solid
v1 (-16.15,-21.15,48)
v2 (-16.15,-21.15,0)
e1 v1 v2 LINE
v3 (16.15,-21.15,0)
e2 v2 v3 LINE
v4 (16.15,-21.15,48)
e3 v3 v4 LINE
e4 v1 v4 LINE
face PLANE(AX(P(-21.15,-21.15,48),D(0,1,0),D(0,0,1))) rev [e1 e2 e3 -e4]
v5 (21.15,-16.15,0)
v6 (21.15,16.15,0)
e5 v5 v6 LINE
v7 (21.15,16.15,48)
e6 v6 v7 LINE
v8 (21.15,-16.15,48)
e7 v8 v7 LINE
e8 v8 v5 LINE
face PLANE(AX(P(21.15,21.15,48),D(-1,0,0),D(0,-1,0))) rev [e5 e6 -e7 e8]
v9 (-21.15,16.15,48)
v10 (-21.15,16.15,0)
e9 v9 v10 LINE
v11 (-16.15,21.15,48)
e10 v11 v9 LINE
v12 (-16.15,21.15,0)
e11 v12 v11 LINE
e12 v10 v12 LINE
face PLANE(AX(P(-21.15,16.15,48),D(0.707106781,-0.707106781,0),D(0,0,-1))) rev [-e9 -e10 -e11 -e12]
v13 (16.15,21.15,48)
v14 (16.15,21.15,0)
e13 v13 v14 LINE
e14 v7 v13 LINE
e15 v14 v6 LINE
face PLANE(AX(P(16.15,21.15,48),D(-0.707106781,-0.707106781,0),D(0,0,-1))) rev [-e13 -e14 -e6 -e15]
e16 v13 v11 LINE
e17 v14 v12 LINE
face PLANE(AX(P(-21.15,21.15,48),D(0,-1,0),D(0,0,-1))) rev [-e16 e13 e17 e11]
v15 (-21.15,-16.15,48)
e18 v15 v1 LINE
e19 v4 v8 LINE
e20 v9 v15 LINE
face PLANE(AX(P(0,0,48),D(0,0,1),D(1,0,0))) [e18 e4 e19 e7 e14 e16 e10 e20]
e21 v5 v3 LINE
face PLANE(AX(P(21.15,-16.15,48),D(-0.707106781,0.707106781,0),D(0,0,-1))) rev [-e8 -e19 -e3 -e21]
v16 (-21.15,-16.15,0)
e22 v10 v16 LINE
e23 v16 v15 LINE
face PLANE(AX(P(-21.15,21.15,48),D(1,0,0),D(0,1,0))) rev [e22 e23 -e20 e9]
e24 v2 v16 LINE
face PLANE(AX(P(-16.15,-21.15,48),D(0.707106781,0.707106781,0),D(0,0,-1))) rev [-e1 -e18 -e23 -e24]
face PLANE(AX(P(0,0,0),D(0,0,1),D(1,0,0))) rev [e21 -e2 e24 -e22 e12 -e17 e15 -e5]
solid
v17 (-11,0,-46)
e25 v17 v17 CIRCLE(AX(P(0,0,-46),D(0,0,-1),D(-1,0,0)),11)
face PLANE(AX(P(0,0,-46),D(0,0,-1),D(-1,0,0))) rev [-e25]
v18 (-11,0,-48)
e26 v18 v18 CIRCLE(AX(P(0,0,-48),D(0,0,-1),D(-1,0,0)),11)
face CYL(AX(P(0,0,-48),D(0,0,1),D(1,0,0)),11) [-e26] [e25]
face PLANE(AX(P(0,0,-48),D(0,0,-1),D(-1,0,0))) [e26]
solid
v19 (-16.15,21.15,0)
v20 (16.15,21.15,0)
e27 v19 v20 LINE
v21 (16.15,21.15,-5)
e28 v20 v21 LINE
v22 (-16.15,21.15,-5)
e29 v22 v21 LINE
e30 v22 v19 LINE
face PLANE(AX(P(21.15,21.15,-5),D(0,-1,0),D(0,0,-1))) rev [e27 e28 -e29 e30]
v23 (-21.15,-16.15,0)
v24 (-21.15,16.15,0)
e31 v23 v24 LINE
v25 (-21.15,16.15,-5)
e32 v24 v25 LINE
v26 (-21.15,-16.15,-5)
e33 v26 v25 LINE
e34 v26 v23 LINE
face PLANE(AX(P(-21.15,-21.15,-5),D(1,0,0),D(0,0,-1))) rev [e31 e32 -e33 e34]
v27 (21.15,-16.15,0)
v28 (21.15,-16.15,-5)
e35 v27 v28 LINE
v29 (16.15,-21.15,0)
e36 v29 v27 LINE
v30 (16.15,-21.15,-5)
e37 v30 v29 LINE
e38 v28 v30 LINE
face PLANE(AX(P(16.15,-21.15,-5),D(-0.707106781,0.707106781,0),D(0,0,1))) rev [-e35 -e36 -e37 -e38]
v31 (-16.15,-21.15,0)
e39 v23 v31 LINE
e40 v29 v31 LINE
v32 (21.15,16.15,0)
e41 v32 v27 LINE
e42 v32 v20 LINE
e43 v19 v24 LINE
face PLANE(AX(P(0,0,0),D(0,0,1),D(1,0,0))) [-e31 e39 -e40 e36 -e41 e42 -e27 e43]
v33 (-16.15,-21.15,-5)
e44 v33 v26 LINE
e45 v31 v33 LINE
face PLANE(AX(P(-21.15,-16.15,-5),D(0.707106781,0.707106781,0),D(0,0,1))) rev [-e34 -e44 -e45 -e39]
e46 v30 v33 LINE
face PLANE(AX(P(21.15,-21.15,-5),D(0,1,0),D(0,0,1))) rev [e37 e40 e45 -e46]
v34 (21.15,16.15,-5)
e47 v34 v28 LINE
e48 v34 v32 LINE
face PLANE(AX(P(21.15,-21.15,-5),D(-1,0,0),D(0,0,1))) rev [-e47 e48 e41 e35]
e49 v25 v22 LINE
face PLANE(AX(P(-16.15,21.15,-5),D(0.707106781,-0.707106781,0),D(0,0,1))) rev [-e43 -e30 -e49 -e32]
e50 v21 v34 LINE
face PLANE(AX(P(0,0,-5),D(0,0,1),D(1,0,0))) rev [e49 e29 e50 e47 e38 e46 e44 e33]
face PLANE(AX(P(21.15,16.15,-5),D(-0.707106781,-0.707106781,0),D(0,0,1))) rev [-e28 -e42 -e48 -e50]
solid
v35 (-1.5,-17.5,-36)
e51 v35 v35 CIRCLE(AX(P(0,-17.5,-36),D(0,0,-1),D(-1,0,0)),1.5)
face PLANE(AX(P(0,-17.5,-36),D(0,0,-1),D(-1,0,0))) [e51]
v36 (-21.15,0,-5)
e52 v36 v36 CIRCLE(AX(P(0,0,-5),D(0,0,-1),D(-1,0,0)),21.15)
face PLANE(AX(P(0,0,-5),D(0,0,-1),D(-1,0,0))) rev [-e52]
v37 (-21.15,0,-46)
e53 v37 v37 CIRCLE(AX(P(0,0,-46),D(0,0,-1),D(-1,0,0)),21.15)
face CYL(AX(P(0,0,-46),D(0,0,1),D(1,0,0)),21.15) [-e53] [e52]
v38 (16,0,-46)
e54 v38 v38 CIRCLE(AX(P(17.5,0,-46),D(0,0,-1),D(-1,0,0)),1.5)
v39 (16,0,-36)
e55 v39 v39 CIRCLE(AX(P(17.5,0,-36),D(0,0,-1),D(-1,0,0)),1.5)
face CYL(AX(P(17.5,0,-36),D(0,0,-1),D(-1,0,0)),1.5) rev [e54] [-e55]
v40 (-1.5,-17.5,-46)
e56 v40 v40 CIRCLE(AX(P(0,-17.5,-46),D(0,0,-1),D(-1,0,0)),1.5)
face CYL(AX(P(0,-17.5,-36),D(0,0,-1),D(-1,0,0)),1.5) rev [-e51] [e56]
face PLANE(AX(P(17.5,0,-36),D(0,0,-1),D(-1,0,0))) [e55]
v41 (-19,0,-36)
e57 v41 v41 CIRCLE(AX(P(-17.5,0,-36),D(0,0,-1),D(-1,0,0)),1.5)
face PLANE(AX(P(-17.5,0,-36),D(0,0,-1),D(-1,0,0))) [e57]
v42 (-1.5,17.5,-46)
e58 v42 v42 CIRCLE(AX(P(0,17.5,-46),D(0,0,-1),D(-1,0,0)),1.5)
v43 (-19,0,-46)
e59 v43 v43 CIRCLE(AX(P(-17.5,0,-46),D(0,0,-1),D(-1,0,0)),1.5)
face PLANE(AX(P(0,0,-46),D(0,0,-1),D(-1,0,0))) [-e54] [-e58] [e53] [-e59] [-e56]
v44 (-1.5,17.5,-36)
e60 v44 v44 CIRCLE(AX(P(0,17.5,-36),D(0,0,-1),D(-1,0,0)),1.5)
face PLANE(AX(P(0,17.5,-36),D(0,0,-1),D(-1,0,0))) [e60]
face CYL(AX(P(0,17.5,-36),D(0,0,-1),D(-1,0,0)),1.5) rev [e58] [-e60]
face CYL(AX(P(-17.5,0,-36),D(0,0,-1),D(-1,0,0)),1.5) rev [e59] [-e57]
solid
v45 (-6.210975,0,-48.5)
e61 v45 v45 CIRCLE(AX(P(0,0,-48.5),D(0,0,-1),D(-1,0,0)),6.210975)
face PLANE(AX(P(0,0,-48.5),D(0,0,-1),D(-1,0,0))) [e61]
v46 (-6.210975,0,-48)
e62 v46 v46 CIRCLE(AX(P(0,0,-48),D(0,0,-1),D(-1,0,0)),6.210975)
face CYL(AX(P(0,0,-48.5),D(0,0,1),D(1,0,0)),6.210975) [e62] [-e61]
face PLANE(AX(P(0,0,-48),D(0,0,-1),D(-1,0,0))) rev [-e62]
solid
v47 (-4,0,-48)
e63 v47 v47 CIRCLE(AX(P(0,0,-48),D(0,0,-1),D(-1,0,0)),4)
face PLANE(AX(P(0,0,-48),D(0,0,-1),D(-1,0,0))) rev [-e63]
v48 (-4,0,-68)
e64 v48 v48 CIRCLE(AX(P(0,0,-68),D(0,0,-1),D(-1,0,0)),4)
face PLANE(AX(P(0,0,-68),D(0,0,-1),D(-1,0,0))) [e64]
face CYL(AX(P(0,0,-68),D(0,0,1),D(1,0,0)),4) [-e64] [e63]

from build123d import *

# Parameters (mm, degrees)
SKETCH1_W           = 42.3
SKETCH1_H           = 42.3
BOSS_EXTRUDE1_DEPTH = 48
CHAMFER1_SIZE       = 5
SKETCH2_W           = 42.3
SKETCH2_H           = 42.3
BOSS_EXTRUDE2_DEPTH = 5
CHAMFER2_SIZE       = 5
SKETCH3_R           = 21.15
BOSS_EXTRUDE3_DEPTH = 41
SKETCH4_R           = 11
BOSS_EXTRUDE4_DEPTH = 2
SKETCH5_R           = 4
BOSS_EXTRUDE5_DEPTH = 20
SKETCH6_R           = 6.210975092
BOSS_EXTRUDE6_DEPTH = 0.5
SKETCH7_R           = 1.5
CUT_EXTRUDE2_DEPTH  = 10


with BuildPart() as part:
    # Sketch1 → Boss-Extrude1 (new body)
    with BuildSketch(Plane.XY):
        Rectangle(SKETCH1_W, SKETCH1_H)
    extrude(amount=BOSS_EXTRUDE1_DEPTH)

    # Chamfer1
    chamfer1_edges = [part.edges().sort_by_distance(p)[0] for p in [
        (21.15, -21.15, 24),
        (-21.15, -21.15, 24),
        (-21.15, 21.15, 24),
        (21.15, 21.15, 24),
    ]]
    chamfer(chamfer1_edges, length=CHAMFER1_SIZE)


with BuildPart() as body_2:
    # Sketch2 → Boss-Extrude2 (new body)
    with BuildSketch(Plane(origin=(0, 0, 0), x_dir=(-1, 0, 0), z_dir=(0, 0, -1))):
        Rectangle(SKETCH2_W, SKETCH2_H)
    extrude(amount=BOSS_EXTRUDE2_DEPTH)

    # Chamfer2
    chamfer2_edges = [body_2.edges().sort_by_distance(p)[0] for p in [
        (-21.15, -21.15, -2.5),
        (21.15, -21.15, -2.5),
        (21.15, 21.15, -2.5),
        (-21.15, 21.15, -2.5),
    ]]
    chamfer(chamfer2_edges, length=CHAMFER2_SIZE)


with BuildPart() as body_3:
    # Sketch3 → Boss-Extrude3 (new body)
    with BuildSketch(Plane(origin=(0, 0, -5), x_dir=(-1, 0, 0), z_dir=(0, 0, -1))):
        Circle(SKETCH3_R)
    extrude(amount=BOSS_EXTRUDE3_DEPTH)

    # Sketch7 → Cut-Extrude2 (cut)
    with BuildSketch(Plane(origin=(0, 0, -46), x_dir=(-1, 0, 0), z_dir=(0, 0, -1))):
        with Locations((-17.5, 0)):
            Circle(SKETCH7_R)
        with Locations((0, 17.5)):
            Circle(SKETCH7_R)
        with Locations((17.5, 0)):
            Circle(SKETCH7_R)
        with Locations((0, -17.5)):
            Circle(SKETCH7_R)
    extrude(amount=-CUT_EXTRUDE2_DEPTH, mode=Mode.SUBTRACT)


with BuildPart() as body_4:
    # Sketch4 → Boss-Extrude4 (new body)
    with BuildSketch(Plane(origin=(0, 0, -46), x_dir=(-1, 0, 0), z_dir=(0, 0, -1))):
        Circle(SKETCH4_R)
    extrude(amount=BOSS_EXTRUDE4_DEPTH)


with BuildPart() as body_5:
    # Sketch5 → Boss-Extrude5 (new body)
    with BuildSketch(Plane(origin=(0, 0, -48), x_dir=(-1, 0, 0), z_dir=(0, 0, -1))):
        Circle(SKETCH5_R)
    extrude(amount=BOSS_EXTRUDE5_DEPTH)


with BuildPart() as body_6:
    # Sketch6 → Boss-Extrude6 (new body)
    with BuildSketch(Plane(origin=(0, 0, -48), x_dir=(-1, 0, 0), z_dir=(0, 0, -1))):
        Circle(SKETCH6_R)
    extrude(amount=BOSS_EXTRUDE6_DEPTH)


solid = Compound([part.part, body_2.part, body_3.part, body_4.part, body_5.part, body_6.part])
